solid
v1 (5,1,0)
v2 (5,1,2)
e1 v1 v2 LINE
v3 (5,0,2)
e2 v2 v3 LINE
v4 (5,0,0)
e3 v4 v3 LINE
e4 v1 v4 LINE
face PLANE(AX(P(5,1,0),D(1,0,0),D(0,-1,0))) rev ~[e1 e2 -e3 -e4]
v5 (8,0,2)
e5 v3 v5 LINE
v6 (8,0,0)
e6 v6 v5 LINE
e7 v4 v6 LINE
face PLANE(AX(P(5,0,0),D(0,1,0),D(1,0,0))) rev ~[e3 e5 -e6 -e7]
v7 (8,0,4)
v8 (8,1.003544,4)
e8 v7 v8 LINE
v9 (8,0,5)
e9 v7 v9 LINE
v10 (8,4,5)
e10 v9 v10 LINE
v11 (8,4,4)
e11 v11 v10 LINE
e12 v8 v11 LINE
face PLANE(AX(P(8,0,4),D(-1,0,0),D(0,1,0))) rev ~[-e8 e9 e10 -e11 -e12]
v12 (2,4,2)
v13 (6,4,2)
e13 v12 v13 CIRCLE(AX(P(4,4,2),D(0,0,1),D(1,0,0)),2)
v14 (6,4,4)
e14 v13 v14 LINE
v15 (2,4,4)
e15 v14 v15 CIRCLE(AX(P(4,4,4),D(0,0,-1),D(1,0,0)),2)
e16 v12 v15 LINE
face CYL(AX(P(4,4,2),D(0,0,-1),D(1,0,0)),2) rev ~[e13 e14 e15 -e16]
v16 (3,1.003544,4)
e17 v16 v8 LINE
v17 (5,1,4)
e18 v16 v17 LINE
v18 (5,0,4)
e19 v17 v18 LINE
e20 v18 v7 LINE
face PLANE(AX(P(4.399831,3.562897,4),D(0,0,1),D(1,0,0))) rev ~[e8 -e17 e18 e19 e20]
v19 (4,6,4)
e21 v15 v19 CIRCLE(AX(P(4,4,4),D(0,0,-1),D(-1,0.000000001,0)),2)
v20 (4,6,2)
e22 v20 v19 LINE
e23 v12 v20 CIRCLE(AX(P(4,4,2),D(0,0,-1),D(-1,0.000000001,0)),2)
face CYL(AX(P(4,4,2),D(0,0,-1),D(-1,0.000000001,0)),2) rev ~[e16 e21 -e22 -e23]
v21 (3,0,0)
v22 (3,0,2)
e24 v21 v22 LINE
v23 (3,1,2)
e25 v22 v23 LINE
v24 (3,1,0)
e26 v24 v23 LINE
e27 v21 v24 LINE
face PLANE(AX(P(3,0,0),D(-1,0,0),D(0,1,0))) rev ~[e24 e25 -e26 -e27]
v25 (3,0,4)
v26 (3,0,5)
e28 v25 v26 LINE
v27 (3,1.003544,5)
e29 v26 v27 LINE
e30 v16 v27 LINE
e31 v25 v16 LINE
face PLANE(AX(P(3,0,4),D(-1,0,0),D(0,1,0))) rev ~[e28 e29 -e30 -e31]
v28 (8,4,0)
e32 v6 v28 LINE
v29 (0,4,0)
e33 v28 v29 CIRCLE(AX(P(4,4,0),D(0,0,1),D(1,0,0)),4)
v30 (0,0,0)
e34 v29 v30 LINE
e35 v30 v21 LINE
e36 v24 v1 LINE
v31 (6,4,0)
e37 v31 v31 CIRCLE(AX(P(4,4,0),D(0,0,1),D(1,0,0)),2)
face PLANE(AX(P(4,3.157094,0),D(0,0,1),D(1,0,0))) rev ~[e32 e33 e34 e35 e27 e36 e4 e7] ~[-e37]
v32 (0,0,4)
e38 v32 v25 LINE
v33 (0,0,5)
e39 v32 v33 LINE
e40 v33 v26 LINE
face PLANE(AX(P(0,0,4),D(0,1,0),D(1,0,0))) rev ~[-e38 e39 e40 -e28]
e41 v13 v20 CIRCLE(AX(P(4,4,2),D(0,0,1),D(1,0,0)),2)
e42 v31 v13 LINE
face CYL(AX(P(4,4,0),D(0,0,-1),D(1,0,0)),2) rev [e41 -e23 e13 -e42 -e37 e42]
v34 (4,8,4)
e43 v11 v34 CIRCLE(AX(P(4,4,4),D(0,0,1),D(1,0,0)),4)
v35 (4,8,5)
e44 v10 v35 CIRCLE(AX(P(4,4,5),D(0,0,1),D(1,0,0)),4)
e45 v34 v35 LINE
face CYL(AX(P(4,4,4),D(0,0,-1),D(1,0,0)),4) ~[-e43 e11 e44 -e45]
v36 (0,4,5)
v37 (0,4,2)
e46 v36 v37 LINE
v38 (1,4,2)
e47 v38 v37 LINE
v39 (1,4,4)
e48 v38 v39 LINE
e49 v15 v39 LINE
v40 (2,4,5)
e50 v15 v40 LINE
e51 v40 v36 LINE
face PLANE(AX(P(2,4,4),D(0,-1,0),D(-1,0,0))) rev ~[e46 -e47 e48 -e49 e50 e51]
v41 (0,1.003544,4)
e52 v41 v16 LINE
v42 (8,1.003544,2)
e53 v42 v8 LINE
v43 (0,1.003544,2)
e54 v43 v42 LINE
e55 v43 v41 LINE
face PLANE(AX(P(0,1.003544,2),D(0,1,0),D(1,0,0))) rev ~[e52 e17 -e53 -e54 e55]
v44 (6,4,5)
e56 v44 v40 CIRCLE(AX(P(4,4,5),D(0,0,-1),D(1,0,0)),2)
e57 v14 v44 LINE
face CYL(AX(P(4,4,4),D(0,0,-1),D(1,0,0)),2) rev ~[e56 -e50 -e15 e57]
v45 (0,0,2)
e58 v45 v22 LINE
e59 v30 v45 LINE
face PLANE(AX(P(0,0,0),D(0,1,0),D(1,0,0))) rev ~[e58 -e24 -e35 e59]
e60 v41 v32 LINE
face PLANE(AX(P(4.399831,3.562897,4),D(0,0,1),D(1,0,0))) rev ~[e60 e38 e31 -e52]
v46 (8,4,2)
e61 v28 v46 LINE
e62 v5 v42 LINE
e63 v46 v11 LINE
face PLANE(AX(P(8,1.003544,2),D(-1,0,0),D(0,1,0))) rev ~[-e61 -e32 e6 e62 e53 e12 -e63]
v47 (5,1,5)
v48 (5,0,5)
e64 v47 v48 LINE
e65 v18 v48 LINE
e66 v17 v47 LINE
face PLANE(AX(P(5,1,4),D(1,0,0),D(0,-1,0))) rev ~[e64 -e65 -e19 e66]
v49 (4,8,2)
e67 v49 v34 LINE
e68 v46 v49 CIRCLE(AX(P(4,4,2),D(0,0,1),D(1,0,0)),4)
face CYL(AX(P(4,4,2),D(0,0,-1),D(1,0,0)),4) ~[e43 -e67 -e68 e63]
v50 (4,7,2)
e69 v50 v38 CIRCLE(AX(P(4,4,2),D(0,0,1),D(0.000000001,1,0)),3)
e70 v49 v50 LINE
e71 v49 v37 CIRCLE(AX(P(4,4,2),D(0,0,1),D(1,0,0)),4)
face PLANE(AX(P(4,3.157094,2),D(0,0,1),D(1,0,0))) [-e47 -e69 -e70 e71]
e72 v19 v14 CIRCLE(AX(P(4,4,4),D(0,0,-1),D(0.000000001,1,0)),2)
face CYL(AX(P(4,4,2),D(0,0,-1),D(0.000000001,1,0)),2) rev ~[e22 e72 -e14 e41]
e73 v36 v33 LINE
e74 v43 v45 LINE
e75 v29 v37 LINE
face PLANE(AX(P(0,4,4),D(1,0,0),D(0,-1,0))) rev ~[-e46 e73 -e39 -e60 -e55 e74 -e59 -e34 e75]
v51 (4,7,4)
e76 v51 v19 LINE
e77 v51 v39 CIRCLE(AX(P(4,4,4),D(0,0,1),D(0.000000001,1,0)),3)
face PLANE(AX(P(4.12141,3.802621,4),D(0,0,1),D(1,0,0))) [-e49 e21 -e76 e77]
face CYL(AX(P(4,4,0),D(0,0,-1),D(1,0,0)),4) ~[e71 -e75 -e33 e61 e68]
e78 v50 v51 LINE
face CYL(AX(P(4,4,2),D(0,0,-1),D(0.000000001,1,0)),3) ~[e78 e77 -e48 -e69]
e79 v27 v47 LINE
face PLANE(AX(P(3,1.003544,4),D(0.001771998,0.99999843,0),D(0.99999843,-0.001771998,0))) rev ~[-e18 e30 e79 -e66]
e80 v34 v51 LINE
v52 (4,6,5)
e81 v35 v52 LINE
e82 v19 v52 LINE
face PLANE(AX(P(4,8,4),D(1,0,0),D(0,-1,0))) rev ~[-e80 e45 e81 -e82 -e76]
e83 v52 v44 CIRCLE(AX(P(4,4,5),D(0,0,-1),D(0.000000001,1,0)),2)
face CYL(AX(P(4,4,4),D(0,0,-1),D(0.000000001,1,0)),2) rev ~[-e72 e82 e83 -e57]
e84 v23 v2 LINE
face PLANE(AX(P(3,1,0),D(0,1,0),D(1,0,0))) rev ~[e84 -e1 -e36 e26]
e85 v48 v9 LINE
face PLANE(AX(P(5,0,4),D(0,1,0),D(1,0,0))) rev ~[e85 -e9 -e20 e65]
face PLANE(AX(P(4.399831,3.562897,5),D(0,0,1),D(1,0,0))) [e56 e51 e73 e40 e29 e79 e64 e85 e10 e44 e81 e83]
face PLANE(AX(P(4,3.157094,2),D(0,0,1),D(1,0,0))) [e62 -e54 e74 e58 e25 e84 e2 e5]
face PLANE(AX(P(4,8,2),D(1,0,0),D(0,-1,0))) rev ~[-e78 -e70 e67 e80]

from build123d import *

# Parameters (mm, degrees)
SKETCH2_R           = 2
BOSS_EXTRUDE1_DEPTH = 2
BOSS_EXTRUDE2_DEPTH = 2
SKETCH4_W           = 3
SKETCH4_H           = 1.003544002
BOSS_EXTRUDE3_DEPTH = 1


with BuildPart() as part:
    # Sketch2 → Boss-Extrude1 (new body)
    with BuildSketch(Plane.XY):
        with BuildLine():
            Line((0, 0), (3, 0))
            Line((3, 0), (3, 1))
            Line((3, 1), (5, 1))
            Line((5, 1), (5, 0))
            Line((5, 0), (8, 0))
            Line((8, 0), (8, 4))
            ThreePointArc((8, 4), (4, 8), (0, 4))
            Line((0, 4), (0, 0))
        make_face()
        with Locations((4, 4)):
            Circle(SKETCH2_R, mode=Mode.SUBTRACT)
    extrude(amount=BOSS_EXTRUDE1_DEPTH)

    # Sketch3 → Boss-Extrude2 (add)
    with BuildSketch(Plane.XY.offset(2)):
        with BuildLine():
            Line((4, 8), (4, 7))
            ThreePointArc((4, 7), (1.878679656, 6.121320344), (1, 4))
            Line((1, 4), (0, 4))
            Line((0, 4), (0, 1.003544002))
            Line((0, 1.003544002), (8, 1.003544002))
            Line((8, 1.003544002), (8, 4))
            ThreePointArc((8, 4), (6.828427125, 6.828427125), (4, 8))
        make_face()
        with BuildLine():
            ThreePointArc((6, 4), (4, 2), (2, 4))
            ThreePointArc((2, 4), (2.585786438, 5.414213562), (4, 6))
            ThreePointArc((4, 6), (5.414213562, 5.414213562), (6, 4))
        make_face(mode=Mode.SUBTRACT)
    extrude(amount=BOSS_EXTRUDE2_DEPTH)

    # Sketch4 → Boss-Extrude3 (add)
    with BuildSketch(Plane.XY.offset(4)):
        with BuildLine():
            Line((1, 4), (0, 4))
            Line((0, 4), (0, 1.003544002))
            Line((0, 1.003544002), (3, 1.003544002))
            Line((3, 1.003544002), (8, 1.003544002))
            Line((8, 1.003544002), (8, 4))
            ThreePointArc((8, 4), (6.828427125, 6.828427125), (4, 8))
            Line((4, 8), (4, 7))
            Line((4, 7), (4, 6))
            ThreePointArc((4, 6), (5.414213562, 5.414213562), (6, 4))
            ThreePointArc((6, 4), (4, 2), (2, 4))
            Line((2, 4), (1, 4))
        make_face()
        with Locations((1.5, 0.501772001)):
            Rectangle(SKETCH4_W, SKETCH4_H)
        Polygon((8, 1.003544002), (3, 1.003544002), (5, 1), (5, 0), (8, 0), align=None)
    extrude(amount=BOSS_EXTRUDE3_DEPTH)


solid = part.part
